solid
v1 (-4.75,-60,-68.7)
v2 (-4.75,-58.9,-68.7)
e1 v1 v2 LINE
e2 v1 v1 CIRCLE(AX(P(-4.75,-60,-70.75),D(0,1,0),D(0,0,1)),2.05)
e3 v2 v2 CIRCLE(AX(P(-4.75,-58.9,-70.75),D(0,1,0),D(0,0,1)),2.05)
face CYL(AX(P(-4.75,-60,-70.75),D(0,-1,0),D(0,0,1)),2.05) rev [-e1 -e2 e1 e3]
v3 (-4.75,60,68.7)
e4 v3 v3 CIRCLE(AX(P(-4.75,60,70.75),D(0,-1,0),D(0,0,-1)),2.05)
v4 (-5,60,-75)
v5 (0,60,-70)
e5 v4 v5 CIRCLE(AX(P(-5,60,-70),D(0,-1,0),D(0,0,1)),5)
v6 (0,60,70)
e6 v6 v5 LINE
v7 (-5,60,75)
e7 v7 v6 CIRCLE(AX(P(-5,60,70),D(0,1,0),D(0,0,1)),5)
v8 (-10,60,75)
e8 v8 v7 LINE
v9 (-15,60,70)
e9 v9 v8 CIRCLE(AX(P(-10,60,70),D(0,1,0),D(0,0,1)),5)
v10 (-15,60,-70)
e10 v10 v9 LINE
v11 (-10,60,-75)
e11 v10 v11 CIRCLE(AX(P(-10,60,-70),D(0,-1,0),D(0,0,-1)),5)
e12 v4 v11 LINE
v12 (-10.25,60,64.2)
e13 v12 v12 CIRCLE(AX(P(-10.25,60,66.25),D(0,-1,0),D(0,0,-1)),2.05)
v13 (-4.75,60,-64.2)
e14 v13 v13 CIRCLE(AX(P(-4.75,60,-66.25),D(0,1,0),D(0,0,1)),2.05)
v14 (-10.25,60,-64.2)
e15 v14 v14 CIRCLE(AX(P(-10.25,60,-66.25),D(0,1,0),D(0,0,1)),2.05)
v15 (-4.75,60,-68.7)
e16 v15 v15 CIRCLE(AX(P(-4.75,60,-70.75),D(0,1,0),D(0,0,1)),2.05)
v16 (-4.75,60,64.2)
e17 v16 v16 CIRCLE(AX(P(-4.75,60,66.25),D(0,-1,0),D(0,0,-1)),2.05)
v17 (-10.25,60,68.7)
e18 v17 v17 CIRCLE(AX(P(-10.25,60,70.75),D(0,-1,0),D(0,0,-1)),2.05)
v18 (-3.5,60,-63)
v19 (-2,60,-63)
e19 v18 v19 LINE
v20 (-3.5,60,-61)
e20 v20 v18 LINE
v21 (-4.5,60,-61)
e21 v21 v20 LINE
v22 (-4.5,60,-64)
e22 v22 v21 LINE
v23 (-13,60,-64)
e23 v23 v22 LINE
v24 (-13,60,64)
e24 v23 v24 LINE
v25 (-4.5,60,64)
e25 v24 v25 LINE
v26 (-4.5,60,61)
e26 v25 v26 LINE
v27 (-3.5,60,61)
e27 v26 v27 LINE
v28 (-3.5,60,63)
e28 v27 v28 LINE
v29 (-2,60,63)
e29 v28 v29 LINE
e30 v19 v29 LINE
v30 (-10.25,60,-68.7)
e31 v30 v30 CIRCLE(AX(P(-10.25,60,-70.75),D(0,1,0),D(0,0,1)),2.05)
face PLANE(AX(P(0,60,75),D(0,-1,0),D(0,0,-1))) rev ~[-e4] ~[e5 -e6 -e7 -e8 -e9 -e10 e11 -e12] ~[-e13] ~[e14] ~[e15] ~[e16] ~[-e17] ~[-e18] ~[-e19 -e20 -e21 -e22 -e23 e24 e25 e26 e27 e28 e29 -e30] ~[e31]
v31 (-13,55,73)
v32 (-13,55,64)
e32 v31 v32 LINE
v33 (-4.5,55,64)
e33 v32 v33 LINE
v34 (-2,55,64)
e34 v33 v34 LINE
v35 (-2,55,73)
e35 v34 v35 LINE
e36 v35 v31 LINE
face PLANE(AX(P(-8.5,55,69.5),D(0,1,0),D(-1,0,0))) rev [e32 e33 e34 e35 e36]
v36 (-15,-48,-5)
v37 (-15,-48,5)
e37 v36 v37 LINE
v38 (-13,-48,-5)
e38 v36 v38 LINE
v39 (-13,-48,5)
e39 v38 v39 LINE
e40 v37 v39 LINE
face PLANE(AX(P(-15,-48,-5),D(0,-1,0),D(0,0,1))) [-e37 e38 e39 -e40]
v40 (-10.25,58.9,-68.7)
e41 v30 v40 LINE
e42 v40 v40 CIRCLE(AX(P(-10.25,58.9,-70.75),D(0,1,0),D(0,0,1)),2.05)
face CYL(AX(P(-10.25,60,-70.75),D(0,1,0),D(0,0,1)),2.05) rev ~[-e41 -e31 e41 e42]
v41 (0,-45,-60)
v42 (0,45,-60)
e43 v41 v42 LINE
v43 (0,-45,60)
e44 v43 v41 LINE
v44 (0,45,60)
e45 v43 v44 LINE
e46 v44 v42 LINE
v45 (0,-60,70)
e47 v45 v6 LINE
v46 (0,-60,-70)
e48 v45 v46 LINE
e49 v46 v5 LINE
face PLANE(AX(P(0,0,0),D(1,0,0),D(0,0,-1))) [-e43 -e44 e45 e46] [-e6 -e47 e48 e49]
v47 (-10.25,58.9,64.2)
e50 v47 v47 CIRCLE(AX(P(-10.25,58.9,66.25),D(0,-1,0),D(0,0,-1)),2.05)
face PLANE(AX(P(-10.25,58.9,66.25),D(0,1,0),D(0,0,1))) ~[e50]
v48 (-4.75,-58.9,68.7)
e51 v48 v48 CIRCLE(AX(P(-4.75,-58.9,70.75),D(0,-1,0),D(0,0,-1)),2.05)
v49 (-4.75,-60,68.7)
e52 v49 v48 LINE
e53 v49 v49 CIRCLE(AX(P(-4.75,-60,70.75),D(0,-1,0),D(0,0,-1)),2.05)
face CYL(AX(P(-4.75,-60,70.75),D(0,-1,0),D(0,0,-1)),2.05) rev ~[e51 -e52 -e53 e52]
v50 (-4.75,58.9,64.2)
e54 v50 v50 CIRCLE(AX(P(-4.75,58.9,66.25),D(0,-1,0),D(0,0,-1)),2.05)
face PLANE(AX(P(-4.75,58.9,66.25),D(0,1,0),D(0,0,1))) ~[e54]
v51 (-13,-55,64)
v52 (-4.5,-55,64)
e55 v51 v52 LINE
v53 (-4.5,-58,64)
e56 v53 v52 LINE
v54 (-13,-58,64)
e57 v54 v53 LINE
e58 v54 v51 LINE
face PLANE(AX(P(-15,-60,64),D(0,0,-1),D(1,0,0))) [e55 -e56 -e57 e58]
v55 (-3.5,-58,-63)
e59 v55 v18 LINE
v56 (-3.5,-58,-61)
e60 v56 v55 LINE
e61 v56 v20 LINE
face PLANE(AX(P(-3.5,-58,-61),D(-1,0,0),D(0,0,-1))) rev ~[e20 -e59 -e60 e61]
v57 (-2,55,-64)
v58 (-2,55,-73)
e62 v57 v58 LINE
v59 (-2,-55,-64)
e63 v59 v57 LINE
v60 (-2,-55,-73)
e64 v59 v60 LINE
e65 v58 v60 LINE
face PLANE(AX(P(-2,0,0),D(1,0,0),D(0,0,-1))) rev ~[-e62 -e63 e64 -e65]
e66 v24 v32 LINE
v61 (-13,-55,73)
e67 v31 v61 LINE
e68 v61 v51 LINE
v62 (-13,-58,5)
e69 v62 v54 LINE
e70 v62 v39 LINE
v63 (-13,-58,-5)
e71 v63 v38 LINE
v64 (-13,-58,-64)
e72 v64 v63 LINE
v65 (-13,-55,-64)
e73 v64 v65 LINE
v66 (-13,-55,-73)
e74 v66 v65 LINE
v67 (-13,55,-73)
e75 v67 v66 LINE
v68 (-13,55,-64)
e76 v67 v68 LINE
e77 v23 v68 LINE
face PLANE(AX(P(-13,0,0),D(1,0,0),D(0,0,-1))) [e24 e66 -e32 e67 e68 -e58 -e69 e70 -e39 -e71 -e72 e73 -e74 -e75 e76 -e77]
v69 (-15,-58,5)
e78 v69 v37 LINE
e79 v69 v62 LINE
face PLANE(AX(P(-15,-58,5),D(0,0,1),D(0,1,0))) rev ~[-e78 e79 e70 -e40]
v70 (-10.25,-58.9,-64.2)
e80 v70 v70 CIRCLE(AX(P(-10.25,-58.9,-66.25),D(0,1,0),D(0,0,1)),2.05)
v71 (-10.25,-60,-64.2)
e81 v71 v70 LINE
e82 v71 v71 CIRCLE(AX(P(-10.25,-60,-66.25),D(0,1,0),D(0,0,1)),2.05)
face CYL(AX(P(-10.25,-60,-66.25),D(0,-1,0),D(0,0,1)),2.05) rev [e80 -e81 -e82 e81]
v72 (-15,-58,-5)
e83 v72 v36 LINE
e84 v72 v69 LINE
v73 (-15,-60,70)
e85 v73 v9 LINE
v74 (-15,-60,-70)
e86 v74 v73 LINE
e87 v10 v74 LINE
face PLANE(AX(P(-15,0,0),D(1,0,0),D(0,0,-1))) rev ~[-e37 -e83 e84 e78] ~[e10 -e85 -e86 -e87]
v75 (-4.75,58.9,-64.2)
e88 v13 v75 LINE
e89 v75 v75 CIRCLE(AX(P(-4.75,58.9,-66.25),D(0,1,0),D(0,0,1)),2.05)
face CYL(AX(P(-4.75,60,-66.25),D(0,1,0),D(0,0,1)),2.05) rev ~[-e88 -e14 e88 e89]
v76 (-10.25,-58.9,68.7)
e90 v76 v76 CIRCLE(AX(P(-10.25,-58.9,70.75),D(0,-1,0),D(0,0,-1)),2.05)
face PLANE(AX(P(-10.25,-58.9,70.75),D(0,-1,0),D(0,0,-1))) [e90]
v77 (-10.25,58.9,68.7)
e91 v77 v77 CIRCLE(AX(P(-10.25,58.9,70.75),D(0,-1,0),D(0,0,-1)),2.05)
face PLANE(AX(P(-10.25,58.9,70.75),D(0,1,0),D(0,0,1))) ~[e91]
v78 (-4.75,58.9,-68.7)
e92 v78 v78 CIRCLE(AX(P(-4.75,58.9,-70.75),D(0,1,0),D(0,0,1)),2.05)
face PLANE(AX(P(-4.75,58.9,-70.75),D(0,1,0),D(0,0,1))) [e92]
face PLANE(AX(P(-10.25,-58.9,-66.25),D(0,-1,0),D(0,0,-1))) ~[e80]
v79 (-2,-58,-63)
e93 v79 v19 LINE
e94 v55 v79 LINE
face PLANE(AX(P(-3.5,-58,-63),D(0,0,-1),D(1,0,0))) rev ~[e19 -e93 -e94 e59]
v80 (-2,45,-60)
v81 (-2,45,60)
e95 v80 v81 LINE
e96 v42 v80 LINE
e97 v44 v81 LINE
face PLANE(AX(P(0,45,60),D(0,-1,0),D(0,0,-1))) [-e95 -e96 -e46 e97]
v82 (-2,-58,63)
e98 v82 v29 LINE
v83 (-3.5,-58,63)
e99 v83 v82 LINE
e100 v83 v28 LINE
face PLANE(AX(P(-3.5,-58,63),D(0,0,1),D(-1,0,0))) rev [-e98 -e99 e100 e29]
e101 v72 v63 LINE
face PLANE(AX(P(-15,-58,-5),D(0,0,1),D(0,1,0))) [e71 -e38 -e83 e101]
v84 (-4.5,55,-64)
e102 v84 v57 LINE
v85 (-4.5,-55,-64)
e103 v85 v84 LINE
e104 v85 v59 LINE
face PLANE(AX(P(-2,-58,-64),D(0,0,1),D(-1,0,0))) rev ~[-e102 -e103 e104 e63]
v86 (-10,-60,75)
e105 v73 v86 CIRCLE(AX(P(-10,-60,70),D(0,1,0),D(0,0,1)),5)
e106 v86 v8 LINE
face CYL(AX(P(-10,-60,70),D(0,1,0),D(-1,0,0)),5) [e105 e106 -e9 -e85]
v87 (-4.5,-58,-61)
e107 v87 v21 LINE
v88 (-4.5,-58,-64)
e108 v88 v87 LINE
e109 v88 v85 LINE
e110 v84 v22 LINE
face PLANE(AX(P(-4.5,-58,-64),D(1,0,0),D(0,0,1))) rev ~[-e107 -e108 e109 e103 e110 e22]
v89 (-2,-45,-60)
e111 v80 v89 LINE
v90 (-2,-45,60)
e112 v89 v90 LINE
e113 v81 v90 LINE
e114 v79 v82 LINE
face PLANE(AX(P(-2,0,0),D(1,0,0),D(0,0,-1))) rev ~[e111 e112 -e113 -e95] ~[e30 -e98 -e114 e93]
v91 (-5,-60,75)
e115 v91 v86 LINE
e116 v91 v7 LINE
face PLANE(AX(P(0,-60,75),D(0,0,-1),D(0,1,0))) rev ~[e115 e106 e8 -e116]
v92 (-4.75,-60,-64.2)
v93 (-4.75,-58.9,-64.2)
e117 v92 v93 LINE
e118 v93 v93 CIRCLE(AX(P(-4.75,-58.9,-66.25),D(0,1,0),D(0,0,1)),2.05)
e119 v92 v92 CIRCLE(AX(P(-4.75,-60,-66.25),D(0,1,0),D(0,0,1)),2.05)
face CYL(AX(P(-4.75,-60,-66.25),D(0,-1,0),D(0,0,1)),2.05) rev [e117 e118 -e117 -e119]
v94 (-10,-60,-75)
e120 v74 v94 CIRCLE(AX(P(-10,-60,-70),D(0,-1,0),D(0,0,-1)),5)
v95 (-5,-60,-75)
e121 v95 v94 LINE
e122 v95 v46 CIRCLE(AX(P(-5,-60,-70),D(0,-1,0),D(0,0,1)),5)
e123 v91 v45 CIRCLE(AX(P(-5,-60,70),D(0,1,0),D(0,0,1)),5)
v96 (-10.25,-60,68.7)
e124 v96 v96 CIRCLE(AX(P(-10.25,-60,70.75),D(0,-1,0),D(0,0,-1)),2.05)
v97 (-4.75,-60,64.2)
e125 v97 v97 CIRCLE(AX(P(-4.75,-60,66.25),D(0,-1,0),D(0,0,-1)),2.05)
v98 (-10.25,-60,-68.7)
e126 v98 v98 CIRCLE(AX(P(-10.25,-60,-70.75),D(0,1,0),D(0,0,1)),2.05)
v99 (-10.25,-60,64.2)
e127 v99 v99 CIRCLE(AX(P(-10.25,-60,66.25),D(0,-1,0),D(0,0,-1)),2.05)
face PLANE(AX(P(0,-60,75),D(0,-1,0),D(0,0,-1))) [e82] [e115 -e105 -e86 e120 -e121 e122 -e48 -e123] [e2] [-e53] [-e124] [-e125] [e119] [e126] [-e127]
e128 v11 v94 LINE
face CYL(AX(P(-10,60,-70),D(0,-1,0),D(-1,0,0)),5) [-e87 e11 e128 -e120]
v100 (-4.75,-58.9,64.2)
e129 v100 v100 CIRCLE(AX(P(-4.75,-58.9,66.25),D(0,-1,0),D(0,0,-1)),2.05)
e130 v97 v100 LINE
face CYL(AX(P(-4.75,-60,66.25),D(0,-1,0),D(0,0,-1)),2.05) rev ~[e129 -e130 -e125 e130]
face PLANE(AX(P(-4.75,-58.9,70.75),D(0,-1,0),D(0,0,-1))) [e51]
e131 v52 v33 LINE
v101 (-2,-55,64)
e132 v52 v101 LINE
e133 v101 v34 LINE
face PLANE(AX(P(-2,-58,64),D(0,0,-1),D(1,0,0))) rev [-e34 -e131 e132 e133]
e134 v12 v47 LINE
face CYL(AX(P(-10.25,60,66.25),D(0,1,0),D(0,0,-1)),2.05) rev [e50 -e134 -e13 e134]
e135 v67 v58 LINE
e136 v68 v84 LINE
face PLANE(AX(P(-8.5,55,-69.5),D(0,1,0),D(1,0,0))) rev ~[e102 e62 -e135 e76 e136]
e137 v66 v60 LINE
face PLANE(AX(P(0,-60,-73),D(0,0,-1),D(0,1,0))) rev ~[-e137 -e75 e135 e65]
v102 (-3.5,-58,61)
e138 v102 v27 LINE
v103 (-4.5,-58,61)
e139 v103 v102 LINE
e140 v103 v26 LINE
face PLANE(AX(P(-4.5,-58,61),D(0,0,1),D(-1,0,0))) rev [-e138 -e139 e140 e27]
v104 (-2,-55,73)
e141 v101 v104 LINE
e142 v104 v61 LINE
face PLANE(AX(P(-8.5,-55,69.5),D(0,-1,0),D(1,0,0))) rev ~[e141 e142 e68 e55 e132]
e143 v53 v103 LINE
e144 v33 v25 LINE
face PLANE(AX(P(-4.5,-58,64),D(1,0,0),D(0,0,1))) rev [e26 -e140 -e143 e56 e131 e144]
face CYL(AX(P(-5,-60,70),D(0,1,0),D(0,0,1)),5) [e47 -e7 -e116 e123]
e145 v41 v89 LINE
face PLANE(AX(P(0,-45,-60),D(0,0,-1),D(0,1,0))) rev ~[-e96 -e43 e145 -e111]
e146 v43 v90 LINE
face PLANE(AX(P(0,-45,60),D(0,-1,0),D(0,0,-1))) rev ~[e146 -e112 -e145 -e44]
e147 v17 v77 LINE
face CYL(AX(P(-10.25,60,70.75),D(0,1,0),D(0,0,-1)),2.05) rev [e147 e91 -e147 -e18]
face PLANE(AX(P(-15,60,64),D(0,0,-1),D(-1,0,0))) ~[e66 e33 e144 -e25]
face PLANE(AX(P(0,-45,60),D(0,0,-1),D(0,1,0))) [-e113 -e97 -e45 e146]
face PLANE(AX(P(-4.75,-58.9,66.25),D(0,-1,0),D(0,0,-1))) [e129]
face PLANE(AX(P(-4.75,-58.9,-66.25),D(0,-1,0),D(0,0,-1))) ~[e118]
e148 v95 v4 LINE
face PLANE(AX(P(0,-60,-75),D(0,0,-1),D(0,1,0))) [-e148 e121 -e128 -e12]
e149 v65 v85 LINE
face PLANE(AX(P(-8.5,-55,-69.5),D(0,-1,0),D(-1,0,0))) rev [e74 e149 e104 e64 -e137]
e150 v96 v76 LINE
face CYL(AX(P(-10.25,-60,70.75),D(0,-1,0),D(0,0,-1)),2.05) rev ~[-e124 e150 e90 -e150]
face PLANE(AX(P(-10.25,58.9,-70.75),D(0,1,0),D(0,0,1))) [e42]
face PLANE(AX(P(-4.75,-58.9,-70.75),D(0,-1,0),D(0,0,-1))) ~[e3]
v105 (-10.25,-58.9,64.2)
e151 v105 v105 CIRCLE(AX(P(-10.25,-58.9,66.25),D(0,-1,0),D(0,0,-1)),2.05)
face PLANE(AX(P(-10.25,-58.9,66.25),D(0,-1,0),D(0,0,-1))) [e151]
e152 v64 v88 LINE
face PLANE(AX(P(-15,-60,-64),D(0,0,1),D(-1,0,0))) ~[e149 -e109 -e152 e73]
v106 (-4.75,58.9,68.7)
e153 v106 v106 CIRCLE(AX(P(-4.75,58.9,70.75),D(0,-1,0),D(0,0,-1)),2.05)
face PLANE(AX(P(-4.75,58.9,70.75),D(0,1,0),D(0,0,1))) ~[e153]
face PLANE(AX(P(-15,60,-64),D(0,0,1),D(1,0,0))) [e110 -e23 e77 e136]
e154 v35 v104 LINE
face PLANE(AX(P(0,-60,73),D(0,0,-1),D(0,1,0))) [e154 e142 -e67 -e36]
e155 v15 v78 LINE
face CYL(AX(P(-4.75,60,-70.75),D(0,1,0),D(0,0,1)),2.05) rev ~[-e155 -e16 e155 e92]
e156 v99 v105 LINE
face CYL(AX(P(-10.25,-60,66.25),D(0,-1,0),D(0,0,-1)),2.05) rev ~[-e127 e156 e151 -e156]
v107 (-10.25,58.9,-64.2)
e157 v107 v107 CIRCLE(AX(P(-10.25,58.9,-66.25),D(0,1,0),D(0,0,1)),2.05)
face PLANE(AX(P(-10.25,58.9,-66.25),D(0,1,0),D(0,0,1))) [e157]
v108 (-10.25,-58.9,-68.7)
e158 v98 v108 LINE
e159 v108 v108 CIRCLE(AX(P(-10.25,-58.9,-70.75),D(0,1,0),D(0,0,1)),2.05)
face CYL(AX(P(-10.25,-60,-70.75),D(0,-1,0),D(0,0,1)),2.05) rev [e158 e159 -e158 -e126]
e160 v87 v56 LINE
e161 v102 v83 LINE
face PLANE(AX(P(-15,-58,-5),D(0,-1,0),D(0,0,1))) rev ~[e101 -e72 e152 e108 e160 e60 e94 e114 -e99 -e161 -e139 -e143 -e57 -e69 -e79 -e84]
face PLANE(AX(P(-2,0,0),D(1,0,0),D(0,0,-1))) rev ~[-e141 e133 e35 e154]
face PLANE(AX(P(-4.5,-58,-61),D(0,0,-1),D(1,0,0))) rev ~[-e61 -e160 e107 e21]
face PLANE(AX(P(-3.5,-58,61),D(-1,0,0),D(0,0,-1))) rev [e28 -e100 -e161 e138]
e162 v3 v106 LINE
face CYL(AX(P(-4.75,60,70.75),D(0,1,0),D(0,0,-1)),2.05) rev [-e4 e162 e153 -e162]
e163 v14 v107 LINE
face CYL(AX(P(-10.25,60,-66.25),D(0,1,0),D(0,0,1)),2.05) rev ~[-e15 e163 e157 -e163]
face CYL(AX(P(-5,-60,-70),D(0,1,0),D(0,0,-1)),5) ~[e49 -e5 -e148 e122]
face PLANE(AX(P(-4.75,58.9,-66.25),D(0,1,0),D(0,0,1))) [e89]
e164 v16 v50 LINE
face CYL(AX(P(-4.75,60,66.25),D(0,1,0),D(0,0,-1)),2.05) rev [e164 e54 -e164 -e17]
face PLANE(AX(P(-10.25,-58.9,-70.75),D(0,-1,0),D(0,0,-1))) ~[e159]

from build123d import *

# Parameters (mm, degrees)
SKETCH1_W               = 150
SKETCH1_H               = 120
BOSS_EXTRUDE1_DEPTH     = 15
SHELL1_T                = -2
CUT_EXTRUDE1_REACH      = 99.211
SKETCH2_W               = 120
SKETCH2_H               = 90
BOSS_EXTRUDE2_START     = -58
BOSS_EXTRUDE2_DEPTH     = 118
SKETCH4_W               = 13
SKETCH4_H               = 11
BOSS_EXTRUDE3_DEPTH     = 5
SKETCH5_R               = 2.05
CUT_EXTRUDE2_DEPTH      = 1.1
SKETCH6_W               = 10
SKETCH6_H               = 10
CUT_EXTRUDE3_DEPTH      = 2
MIRROR3_COPY_1_SKETCH_W = 13
MIRROR3_COPY_1_SKETCH_H = 11
MIRROR3_COPY_1_DEPTH    = 5
MIRROR3_COPY_2_SKETCH_R = 2.05
MIRROR3_COPY_2_DEPTH    = 1.1
FILLET1_R               = 5


with BuildPart() as part:
    # Sketch1 → Boss-Extrude1 (new body)
    with BuildSketch(Plane(origin=(0, 0, 0), x_dir=(0, 0, -1), z_dir=(1, 0, 0))):
        Rectangle(SKETCH1_W, SKETCH1_H)
    extrude(amount=-BOSS_EXTRUDE1_DEPTH)

    # Shell1
    shell1_openings = [part.faces().sort_by_distance(p)[0] for p in [
        (-7.5, 60, 0),
    ]]
    offset(amount=SHELL1_T, openings=shell1_openings, kind=Kind.INTERSECTION)

    # Sketch2 → Cut-Extrude1 (cut, up to next)
    with BuildSketch(Plane(origin=(0, 0, 0), x_dir=(0, 0, -1), z_dir=(1, 0, 0)), mode=Mode.PRIVATE) as cut_extrude1_sk1:
        Rectangle(SKETCH2_W, SKETCH2_H)
    cut_extrude1_tool1 = extrude(cut_extrude1_sk1.sketch, amount=-CUT_EXTRUDE1_REACH, mode=Mode.PRIVATE) & part.part
    add(cut_extrude1_tool1.solids().sort_by_distance((0, 0, 0))[0], mode=Mode.SUBTRACT)

    # Sketch3 → Boss-Extrude2 (add)
    with BuildSketch(Plane(origin=(0, 0, 0), x_dir=(1, 0, 0), z_dir=(0, 1, 0)).offset(BOSS_EXTRUDE2_START)):
        Polygon((-3.5, 63), (-2, 63), (-2, 64), (-4.5, 64), (-4.5, 61), (-3.5, 61), align=None)
    boss_extrude2 = extrude(amount=BOSS_EXTRUDE2_DEPTH)

    # Mirror1: Boss-Extrude2 across plane
    add(boss_extrude2.mirror(Plane.XY))

    # Sketch4 → Boss-Extrude3 (add)
    with BuildSketch(Plane(origin=(0, 60, 0), x_dir=(1, 0, 0), z_dir=(0, 1, 0))):
        with Locations((-8.5, 69.5)):
            Rectangle(SKETCH4_W, SKETCH4_H)
    boss_extrude3 = extrude(amount=-BOSS_EXTRUDE3_DEPTH)

    # Sketch5 → Cut-Extrude2 (cut)
    with BuildSketch(Plane(origin=(0, 60, 0), x_dir=(1, 0, 0), z_dir=(0, 1, 0))):
        with Locations(Location((-10.25, 70.75, 0), (0, 0, 270))):
            Circle(SKETCH5_R)
        with Locations(Location((-10.25, 66.25, 0), (0, 0, 270))):
            Circle(SKETCH5_R)
        with Locations(Location((-4.75, 70.75, 0), (0, 0, 270))):
            Circle(SKETCH5_R)
        with Locations(Location((-4.75, 66.25, 0), (0, 0, 270))):
            Circle(SKETCH5_R)
    cut_extrude2 = extrude(amount=-CUT_EXTRUDE2_DEPTH, mode=Mode.SUBTRACT)

    # Mirror2: Boss-Extrude3, Cut-Extrude2 across plane
    add(boss_extrude3.mirror(Plane.XY))
    add(cut_extrude2.mirror(Plane.XY), mode=Mode.SUBTRACT)

    # Sketch6 → Cut-Extrude3 (cut)
    with BuildSketch(Plane.ZY.offset(15)):
        with Locations((0, -53)):
            Rectangle(SKETCH6_W, SKETCH6_H)
    extrude(amount=-CUT_EXTRUDE3_DEPTH, mode=Mode.SUBTRACT)

    # Mirror3: Boss-Extrude3, Cut-Extrude2 across plane
    add(boss_extrude3.mirror(Plane.ZX))
    add(cut_extrude2.mirror(Plane.ZX), mode=Mode.SUBTRACT)

    # Mirror3 copy 1 sketch → Mirror3 copy 1 (add)
    with BuildSketch(Plane.XZ.offset(60)):
        with Locations((-8.5, 69.5)):
            Rectangle(MIRROR3_COPY_1_SKETCH_W, MIRROR3_COPY_1_SKETCH_H)
    extrude(amount=-MIRROR3_COPY_1_DEPTH)

    # Mirror3 copy 2 sketch → Mirror3 copy 2 (cut)
    with BuildSketch(Plane.XZ.offset(60)):
        with Locations(Location((-10.25, 70.75, 0), (0, 0, 270))):
            Circle(MIRROR3_COPY_2_SKETCH_R)
        with Locations(Location((-10.25, 66.25, 0), (0, 0, 270))):
            Circle(MIRROR3_COPY_2_SKETCH_R)
        with Locations(Location((-4.75, 70.75, 0), (0, 0, 270))):
            Circle(MIRROR3_COPY_2_SKETCH_R)
        with Locations(Location((-4.75, 66.25, 0), (0, 0, 270))):
            Circle(MIRROR3_COPY_2_SKETCH_R)
    extrude(amount=-MIRROR3_COPY_2_DEPTH, mode=Mode.SUBTRACT)

    # Fillet1
    fillet1_edges = [part.edges().sort_by_distance(p)[0] for p in [
        (-15, 0, 75),
        (-15, 0, -75),
        (0, 0, 75),
        (0, 0, -75),
    ]]
    fillet(fillet1_edges, radius=FILLET1_R)


solid = part.part
